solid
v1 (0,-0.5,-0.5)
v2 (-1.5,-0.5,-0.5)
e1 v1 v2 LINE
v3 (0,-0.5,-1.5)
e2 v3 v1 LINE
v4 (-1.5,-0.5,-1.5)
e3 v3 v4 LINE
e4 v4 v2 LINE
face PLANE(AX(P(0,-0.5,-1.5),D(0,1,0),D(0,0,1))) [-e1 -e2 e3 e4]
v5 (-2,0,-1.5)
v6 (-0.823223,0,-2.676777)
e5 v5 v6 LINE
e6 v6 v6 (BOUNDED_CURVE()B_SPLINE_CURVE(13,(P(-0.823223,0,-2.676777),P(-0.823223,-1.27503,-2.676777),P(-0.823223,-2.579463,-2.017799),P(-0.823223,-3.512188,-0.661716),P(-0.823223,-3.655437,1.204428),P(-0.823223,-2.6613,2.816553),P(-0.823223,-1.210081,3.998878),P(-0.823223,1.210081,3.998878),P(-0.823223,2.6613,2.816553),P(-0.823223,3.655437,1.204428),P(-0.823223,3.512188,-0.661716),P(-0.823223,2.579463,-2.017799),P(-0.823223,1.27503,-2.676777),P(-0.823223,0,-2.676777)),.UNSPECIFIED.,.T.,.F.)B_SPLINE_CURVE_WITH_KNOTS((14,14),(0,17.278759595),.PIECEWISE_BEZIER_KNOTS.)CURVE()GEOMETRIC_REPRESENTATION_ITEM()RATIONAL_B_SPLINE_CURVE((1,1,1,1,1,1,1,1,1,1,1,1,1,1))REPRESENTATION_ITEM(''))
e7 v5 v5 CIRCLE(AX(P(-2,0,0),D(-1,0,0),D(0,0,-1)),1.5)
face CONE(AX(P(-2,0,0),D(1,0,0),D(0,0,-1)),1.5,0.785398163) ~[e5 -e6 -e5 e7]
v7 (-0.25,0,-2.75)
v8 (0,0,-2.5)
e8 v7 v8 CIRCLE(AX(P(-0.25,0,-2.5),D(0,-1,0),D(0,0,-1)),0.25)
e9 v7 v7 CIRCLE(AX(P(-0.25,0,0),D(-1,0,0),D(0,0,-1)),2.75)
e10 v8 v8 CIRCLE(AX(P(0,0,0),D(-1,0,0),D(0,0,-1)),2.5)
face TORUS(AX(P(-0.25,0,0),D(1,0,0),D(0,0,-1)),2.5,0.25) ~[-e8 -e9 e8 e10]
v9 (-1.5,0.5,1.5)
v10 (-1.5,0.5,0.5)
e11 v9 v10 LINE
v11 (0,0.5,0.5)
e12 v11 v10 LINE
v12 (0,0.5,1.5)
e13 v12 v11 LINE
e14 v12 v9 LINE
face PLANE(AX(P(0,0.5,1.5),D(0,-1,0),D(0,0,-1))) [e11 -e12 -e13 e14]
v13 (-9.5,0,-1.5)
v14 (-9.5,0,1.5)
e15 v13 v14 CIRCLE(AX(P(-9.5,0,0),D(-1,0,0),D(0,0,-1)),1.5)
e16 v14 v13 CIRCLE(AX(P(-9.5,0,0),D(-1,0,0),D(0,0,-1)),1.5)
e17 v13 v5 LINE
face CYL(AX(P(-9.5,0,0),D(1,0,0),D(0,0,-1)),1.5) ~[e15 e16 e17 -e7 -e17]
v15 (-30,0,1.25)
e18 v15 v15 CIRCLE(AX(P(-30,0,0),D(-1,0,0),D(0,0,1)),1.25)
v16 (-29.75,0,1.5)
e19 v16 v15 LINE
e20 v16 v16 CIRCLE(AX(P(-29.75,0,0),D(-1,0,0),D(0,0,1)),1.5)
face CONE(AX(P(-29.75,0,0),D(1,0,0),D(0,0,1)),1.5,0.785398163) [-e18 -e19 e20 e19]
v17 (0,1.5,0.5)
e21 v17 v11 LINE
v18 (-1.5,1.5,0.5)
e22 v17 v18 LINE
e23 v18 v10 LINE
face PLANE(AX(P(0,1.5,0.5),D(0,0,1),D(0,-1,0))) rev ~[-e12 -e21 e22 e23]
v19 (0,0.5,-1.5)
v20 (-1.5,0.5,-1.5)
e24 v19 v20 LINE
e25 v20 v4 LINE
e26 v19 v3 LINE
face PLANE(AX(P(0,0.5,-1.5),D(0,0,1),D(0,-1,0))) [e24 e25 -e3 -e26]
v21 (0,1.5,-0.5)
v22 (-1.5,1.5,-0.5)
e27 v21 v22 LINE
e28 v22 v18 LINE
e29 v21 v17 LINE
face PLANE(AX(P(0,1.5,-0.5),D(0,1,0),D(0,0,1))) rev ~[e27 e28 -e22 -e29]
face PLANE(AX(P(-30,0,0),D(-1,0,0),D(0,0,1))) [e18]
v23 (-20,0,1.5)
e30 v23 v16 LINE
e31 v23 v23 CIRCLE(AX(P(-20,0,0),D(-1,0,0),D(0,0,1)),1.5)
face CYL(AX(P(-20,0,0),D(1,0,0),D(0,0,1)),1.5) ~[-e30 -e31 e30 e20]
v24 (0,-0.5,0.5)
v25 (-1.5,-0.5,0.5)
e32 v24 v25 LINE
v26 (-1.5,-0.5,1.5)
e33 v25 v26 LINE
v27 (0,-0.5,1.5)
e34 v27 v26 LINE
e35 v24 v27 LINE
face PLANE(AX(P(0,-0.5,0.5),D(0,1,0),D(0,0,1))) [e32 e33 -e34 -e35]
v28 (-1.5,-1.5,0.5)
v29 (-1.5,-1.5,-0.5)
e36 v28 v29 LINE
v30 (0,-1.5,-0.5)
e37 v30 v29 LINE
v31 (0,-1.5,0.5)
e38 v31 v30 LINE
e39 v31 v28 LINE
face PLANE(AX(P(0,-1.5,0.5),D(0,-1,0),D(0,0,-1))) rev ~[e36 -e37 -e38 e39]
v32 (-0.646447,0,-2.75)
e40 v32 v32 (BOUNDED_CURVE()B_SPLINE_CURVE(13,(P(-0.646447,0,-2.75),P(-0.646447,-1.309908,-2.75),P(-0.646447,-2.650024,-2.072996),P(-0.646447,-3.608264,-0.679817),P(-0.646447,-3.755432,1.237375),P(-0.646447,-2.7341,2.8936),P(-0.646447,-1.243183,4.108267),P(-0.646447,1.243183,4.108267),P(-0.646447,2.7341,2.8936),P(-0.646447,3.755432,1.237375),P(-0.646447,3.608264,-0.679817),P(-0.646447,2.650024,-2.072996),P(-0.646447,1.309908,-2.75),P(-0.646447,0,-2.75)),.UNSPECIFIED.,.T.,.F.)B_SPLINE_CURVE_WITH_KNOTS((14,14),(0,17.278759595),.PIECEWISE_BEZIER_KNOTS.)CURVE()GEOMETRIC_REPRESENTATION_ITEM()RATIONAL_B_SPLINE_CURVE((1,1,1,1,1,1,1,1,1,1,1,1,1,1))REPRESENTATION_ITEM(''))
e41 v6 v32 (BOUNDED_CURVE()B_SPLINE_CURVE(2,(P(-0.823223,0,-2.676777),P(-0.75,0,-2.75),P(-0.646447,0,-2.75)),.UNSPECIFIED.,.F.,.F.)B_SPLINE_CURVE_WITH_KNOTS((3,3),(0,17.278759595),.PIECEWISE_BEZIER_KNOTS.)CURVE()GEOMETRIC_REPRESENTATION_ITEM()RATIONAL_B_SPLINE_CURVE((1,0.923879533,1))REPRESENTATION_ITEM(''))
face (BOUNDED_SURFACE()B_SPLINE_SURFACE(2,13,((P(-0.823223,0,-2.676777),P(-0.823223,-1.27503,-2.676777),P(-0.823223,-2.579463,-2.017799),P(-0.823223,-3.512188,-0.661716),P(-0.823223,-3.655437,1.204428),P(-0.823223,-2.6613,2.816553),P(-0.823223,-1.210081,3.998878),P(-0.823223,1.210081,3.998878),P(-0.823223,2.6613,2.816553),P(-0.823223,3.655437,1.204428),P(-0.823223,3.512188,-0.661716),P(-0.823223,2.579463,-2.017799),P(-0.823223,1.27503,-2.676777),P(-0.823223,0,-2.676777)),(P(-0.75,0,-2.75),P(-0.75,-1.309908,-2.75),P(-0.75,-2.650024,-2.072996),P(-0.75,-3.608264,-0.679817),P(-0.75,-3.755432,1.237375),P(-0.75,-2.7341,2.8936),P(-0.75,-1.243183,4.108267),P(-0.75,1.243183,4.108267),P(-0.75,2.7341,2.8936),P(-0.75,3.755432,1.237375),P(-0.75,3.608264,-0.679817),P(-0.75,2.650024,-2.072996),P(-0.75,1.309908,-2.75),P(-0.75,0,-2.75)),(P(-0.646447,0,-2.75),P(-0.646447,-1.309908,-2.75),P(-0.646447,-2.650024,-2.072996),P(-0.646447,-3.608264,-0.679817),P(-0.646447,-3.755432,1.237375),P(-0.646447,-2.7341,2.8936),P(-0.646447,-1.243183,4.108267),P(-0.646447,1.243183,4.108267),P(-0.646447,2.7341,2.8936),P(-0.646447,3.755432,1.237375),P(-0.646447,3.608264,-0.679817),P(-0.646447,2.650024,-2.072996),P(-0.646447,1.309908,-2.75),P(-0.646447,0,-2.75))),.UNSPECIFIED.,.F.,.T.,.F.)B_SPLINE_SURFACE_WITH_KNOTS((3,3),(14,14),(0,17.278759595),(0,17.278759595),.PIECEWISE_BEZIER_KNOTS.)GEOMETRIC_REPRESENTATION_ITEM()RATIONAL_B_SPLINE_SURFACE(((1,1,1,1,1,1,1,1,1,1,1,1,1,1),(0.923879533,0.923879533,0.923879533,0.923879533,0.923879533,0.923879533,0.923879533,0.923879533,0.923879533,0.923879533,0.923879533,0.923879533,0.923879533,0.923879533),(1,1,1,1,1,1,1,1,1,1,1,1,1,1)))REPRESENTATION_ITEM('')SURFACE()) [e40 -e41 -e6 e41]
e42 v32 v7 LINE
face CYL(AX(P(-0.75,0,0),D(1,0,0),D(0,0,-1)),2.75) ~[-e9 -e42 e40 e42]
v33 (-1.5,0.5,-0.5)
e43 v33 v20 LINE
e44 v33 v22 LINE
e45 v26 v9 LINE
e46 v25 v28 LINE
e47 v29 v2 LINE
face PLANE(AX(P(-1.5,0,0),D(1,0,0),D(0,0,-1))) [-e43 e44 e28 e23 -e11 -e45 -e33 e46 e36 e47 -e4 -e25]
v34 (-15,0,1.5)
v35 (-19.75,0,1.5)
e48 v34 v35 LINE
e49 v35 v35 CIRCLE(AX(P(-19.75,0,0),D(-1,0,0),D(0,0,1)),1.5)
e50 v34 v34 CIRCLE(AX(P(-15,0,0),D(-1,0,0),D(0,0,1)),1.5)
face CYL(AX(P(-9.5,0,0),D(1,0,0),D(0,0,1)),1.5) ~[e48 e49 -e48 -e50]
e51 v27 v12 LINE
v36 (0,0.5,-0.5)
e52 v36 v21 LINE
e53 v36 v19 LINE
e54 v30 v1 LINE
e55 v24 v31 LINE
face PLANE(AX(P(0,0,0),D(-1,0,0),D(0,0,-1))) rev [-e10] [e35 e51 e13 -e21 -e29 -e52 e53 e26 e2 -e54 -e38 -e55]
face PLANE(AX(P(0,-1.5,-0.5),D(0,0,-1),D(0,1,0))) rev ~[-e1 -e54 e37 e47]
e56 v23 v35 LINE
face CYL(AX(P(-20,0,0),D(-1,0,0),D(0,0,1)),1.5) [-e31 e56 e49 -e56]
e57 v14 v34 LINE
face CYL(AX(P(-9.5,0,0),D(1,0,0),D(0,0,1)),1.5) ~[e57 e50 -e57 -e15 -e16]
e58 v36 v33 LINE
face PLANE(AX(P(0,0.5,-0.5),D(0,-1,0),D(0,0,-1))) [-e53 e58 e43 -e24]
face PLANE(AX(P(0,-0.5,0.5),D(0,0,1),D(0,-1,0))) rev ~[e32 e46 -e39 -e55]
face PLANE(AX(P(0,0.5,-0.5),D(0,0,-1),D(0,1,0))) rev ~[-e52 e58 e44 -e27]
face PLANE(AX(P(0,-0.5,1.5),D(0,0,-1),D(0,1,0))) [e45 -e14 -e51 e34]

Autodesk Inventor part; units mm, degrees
ref_plane "YZ Plane" through (0, 0, 0) normal (1, 0, 0) x (0, 1, 0)
ref_plane "XZ Plane" through (0, 0, 0) normal (0, 1, 0) x (-1, 0, 0)
ref_plane "XY Plane" through (0, 0, 0) normal (0, 0, 1) x (1, 0, 0)
sketch "Sketch1" plane through (0, 0, 0) normal (0, 1, 0) x (-1, 0, 0)
  line L0 (0, 0) -> (0, -2.75)
  line L1 (0, 0) -> (9.5, 0)
  line L2 (9.5, 0) -> (9.5, -1.5)
  line L3 (9.5, -1.5) -> (2, -1.5)
  line L4 (2, -1.5) -> (0.75, -2.75)
  line L5 (2, -1.5) -> (3.7678, -1.5) construction
  line L6 (0.75, -2.75) -> (0, -2.75)
  dimension "d0" = 2.75
  dimension "d1" = 9.5
  dimension "d2" = 1.5
  dimension "d3" = 7.5
  dimension "d4" = 135
revolve "Revolution1" add sketch "Sketch1" angle 360 about axis through (0, 0, 0) along (-1, 0, 0)
fillet "Fillet1" radius 0.25 2 edges at (-0.75, 0, 2.75) (0, 0, 2.75)
sketch "Sketch2" plane through (0, 0, 0) normal (1, 0, 0) x (0, 0, -1)
  line L0 (-1.5, 0.5) -> (1.5, 0.5)
  line L1 (1.5, 0.5) -> (1.5, -0.5)
  line L2 (1.5, -0.5) -> (-1.5, -0.5)
  line L3 (-1.5, -0.5) -> (-1.5, 0.5)
  line L4 (-1.5, 0.5) -> (1.5, -0.5) construction
  line L5 (1.5, 0.5) -> (-1.5, -0.5) construction
  line L6 (0.5, 1.5) -> (-0.5, 1.5)
  line L7 (-0.5, 1.5) -> (-0.5, -1.5)
  line L8 (-0.5, -1.5) -> (0.5, -1.5)
  line L9 (0.5, -1.5) -> (0.5, 1.5)
  line L10 (0.5, 1.5) -> (-0.5, -1.5) construction
  line L11 (-0.5, 1.5) -> (0.5, -1.5) construction
  point P0 (0, 0)
  point P1 (0.5, 0.5)
  point P2 (-0.5, 0.5)
  point P3 (-0.5, -0.5)
  point P4 (0.5, -0.5)
  dimension "d9" = 3
  dimension "d10" = 1
  dimension "d11" = 1
  dimension "d12" = 3
extrude "Extrusion1" cut sketch "Sketch2" against normal blind 1.5
sketch "Sketch3" plane through (-9.5, 0, 0) normal (-1, 0, 0) x (0, 0, 1)
  circle A0 centre (0, 0) radius 1.5
extrude "Extrusion2" add sketch "Sketch3" along normal blind 10.5
thread "Thread2" size "M3x0.5" class "6g" standard "ANSI Metric M Profile" full length
chamfer "Chamfer2" distance 0.25 angle 45 1 edges at (-20, 0, -1.5)
sketch "Sketch4" plane through (-20, 0, 0) normal (-1, 0, 0) x (0, 0, 1)
  circle A0 centre (0, 0) radius 1.5
extrude "Extrusion3" add sketch "Sketch4" along normal blind 10 and the other way blind 5
chamfer "Chamfer3" distance 0.25 angle 45 1 edges at (-30, 0, -1.5)
properties part number "M3_Long_Bolt" material "Steel, Alloy"
